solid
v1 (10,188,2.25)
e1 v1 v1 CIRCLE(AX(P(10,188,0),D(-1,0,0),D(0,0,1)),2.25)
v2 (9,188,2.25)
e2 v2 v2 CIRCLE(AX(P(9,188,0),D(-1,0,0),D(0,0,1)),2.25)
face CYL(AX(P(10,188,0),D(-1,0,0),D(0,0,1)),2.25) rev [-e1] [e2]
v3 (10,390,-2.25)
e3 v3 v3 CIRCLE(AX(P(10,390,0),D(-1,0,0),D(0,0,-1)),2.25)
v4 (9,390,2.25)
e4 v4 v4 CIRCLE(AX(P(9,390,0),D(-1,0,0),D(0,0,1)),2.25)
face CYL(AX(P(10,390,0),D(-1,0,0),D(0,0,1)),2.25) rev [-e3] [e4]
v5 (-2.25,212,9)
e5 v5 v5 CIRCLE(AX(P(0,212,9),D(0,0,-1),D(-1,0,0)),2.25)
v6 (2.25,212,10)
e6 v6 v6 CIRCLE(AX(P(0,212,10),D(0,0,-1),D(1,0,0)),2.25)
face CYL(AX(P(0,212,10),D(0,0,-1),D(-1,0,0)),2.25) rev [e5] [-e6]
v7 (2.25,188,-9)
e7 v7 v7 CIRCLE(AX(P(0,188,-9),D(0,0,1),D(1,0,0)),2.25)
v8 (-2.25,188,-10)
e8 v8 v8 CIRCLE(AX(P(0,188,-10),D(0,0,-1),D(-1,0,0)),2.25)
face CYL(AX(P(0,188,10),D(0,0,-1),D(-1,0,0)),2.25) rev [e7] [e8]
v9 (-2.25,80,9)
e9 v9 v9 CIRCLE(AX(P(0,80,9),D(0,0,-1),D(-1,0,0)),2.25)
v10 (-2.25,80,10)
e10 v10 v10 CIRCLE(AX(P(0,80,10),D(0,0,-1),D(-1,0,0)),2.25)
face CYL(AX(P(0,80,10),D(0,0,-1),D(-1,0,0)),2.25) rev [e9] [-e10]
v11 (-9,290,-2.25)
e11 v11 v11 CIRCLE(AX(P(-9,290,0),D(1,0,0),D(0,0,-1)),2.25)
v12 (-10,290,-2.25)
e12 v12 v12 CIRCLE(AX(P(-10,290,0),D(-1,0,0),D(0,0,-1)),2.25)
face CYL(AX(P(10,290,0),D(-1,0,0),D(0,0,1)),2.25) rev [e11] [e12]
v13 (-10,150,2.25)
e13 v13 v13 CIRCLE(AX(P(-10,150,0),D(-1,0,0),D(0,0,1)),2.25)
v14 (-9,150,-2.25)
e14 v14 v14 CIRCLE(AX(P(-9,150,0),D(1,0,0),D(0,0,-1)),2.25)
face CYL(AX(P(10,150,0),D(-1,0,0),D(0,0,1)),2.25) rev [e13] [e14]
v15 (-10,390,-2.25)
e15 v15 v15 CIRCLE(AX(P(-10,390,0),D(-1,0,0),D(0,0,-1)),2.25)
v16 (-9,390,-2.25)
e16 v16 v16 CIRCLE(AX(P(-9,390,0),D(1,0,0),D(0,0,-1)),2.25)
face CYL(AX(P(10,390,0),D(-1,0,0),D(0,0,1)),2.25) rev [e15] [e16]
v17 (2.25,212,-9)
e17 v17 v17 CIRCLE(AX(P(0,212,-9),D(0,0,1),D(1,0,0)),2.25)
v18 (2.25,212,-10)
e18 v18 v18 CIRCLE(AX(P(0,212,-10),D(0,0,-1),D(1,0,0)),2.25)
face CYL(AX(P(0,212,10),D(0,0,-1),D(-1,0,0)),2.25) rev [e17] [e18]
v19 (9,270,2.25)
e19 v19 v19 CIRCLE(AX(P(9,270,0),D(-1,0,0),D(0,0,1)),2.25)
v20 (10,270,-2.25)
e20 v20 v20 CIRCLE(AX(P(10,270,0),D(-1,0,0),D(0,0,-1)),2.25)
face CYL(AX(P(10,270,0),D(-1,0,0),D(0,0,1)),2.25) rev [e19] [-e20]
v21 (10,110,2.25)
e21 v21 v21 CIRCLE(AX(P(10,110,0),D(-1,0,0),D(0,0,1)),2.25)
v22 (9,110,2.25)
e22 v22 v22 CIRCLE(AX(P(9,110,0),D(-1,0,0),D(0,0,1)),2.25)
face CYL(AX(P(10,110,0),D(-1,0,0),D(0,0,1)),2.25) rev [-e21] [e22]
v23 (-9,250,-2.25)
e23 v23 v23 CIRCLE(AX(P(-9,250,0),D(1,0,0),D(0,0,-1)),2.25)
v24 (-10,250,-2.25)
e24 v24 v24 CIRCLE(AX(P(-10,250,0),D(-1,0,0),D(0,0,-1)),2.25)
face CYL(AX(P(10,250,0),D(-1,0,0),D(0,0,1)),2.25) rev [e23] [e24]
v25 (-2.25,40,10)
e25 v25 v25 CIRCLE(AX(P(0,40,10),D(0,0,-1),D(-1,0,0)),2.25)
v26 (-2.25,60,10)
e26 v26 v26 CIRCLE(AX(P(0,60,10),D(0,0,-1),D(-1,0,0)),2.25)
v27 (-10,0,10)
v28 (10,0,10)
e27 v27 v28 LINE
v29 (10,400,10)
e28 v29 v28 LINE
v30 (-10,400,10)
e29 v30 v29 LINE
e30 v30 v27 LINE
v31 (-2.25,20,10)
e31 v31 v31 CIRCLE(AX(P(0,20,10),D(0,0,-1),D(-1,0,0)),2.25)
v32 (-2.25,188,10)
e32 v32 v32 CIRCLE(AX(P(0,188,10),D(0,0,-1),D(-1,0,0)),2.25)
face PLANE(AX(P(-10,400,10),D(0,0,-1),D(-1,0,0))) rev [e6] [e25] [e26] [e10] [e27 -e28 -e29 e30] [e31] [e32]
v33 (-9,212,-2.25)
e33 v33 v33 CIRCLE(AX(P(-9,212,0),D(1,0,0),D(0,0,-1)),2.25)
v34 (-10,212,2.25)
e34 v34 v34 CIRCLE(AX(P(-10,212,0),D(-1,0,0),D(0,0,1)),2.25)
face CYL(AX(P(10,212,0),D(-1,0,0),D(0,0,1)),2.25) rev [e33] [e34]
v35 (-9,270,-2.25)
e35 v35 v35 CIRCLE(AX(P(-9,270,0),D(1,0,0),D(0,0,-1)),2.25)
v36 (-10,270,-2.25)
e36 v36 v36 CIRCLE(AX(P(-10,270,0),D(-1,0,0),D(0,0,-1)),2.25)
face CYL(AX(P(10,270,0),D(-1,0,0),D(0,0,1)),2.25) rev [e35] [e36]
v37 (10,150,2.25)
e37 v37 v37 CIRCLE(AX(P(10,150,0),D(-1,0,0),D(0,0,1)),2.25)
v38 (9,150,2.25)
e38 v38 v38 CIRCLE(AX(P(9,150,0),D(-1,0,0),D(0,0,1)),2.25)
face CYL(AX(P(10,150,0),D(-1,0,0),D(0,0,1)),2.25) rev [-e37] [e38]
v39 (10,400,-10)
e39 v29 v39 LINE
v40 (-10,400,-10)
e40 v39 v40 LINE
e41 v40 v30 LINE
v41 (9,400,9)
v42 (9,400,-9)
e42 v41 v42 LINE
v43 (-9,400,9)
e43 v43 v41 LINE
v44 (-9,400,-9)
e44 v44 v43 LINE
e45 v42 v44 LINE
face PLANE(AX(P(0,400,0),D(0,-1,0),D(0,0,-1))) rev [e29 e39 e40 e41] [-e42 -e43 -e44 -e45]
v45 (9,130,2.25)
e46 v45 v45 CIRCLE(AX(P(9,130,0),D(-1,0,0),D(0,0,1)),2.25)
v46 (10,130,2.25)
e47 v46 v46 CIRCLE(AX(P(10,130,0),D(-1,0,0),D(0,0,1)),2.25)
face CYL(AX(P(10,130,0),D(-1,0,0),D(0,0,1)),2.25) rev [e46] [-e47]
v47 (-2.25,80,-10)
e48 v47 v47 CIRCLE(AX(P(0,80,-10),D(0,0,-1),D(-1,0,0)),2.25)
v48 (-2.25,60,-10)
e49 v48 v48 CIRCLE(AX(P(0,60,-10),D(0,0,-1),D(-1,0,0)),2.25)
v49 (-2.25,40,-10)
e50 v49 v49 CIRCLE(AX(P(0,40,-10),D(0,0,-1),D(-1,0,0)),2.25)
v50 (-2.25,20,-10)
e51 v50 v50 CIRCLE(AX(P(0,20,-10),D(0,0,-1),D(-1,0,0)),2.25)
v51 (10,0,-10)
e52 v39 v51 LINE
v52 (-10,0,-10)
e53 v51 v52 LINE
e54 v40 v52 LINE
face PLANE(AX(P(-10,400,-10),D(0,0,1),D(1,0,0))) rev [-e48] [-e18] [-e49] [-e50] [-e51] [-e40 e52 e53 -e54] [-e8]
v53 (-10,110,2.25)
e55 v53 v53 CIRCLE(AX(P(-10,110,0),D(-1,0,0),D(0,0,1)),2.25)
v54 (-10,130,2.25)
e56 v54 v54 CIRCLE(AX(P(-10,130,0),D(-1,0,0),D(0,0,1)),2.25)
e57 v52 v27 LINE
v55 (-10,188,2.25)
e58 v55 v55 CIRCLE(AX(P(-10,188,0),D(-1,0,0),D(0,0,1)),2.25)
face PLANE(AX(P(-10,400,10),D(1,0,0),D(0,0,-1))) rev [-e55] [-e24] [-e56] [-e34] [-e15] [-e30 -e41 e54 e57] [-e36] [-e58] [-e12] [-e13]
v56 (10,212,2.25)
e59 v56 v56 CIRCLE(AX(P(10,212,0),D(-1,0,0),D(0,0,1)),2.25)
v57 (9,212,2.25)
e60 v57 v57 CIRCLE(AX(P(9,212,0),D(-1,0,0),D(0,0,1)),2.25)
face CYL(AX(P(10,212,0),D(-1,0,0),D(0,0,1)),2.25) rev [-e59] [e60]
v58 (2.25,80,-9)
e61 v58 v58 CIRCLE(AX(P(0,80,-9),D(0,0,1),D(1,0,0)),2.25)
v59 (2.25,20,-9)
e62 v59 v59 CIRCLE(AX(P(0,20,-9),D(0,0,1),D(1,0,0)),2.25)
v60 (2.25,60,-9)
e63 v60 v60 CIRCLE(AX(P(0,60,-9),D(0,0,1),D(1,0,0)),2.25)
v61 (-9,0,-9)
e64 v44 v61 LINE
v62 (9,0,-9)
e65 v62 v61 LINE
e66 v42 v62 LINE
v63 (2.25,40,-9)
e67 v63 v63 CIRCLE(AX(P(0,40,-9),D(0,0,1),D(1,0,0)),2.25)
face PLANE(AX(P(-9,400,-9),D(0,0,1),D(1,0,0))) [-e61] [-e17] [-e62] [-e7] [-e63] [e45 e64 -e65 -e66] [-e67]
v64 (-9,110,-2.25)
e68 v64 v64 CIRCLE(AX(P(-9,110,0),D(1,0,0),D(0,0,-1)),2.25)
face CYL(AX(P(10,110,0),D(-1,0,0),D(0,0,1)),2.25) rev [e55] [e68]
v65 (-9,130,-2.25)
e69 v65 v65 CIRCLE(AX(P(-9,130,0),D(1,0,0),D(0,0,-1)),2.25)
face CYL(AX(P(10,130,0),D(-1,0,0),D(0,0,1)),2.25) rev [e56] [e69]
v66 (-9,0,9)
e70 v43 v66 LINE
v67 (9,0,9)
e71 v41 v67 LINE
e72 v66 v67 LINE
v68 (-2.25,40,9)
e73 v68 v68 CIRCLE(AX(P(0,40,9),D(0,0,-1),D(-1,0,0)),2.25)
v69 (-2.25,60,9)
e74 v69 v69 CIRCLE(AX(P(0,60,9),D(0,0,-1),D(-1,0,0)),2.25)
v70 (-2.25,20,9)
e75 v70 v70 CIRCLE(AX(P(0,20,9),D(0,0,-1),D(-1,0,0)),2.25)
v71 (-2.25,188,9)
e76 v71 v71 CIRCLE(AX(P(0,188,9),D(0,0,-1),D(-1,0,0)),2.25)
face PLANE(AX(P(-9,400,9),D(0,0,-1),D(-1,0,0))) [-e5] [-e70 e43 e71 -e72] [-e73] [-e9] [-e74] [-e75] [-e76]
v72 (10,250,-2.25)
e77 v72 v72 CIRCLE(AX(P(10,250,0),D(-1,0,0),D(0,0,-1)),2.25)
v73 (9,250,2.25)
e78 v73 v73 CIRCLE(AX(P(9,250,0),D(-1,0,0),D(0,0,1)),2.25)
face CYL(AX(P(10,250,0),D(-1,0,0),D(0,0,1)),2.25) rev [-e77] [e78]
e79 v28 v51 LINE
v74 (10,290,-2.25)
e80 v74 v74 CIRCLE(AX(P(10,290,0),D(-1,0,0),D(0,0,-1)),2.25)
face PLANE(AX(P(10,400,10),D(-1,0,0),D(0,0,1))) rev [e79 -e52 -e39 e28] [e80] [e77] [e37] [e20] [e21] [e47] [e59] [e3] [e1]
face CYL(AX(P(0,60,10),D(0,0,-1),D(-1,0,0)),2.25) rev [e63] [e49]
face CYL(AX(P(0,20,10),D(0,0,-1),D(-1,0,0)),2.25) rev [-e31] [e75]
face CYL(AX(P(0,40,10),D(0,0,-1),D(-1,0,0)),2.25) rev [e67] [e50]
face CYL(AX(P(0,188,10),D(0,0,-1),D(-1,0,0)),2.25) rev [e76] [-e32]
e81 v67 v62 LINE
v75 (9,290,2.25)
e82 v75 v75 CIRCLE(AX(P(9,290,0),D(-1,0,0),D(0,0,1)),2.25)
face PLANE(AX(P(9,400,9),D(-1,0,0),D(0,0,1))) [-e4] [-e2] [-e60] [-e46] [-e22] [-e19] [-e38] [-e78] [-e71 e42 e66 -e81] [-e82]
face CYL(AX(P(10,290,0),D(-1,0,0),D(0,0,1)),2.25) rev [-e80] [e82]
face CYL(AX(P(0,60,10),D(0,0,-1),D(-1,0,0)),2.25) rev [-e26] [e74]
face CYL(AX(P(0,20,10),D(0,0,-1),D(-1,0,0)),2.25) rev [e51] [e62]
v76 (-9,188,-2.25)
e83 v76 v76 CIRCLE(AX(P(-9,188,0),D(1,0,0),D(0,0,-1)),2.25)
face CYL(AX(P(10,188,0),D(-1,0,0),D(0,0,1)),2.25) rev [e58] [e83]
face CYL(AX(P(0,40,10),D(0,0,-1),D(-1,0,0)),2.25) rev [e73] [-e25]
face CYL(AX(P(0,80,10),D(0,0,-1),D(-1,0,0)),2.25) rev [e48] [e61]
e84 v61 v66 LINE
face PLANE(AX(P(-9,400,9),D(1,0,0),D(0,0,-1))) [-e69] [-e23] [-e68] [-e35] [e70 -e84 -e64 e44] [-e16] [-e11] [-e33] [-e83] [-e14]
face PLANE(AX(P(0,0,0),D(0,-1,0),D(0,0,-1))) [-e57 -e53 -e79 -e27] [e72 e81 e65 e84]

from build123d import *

# Parameters (mm, degrees)
SKETCH1_W           = 20
SKETCH1_H           = 20
SKETCH1_W_2         = 18
SKETCH1_H_2         = 18
BOSS_EXTRUDE1_DEPTH = 400
SKETCH4_R           = 2.25
CUT_EXTRUDE1_DEPTH  = 401.62451248
SKETCH5_R           = 2.25
CUT_EXTRUDE2_DEPTH  = 401.62451248


with BuildPart() as part:
    # Sketch1 → Boss-Extrude1 (new body)
    with BuildSketch(Plane(origin=(0, 0, 0), x_dir=(1, 0, 0), z_dir=(0, 1, 0))):
        Rectangle(SKETCH1_W, SKETCH1_H)
        Rectangle(SKETCH1_W_2, SKETCH1_H_2, mode=Mode.SUBTRACT)
    extrude(amount=BOSS_EXTRUDE1_DEPTH)

    # Sketch4 → Cut-Extrude1 (cut, through all)
    with BuildSketch(Plane(origin=(0, 0, -10), x_dir=(-1, 0, 0), z_dir=(0, 0, -1))):
        with Locations((0, 20)):
            Circle(SKETCH4_R)
        with Locations((0, 40)):
            Circle(SKETCH4_R)
        with Locations((0, 60)):
            Circle(SKETCH4_R)
        with Locations((0, 80)):
            Circle(SKETCH4_R)
        with Locations((0, 188)):
            Circle(SKETCH4_R)
        with Locations(Location((0, 212, 0), (0, 0, 180))):
            Circle(SKETCH4_R)
    extrude(amount=-CUT_EXTRUDE1_DEPTH, mode=Mode.SUBTRACT)

    # Sketch5 → Cut-Extrude2 (cut, through all)
    with BuildSketch(Plane.ZY.offset(10)):
        with Locations((0, 188)):
            Circle(SKETCH5_R)
        with Locations((0, 212)):
            Circle(SKETCH5_R)
        with Locations((0, 110)):
            Circle(SKETCH5_R)
        with Locations((0, 130)):
            Circle(SKETCH5_R)
        with Locations((0, 150)):
            Circle(SKETCH5_R)
        with Locations(Location((0, 250, 0), (0, 0, 180))):
            Circle(SKETCH5_R)
        with Locations(Location((0, 290, 0), (0, 0, 180))):
            Circle(SKETCH5_R)
        with Locations(Location((0, 270, 0), (0, 0, 180))):
            Circle(SKETCH5_R)
        with Locations(Location((0, 390, 0), (0, 0, 180))):
            Circle(SKETCH5_R)
    extrude(amount=-CUT_EXTRUDE2_DEPTH, mode=Mode.SUBTRACT)


solid = part.part
